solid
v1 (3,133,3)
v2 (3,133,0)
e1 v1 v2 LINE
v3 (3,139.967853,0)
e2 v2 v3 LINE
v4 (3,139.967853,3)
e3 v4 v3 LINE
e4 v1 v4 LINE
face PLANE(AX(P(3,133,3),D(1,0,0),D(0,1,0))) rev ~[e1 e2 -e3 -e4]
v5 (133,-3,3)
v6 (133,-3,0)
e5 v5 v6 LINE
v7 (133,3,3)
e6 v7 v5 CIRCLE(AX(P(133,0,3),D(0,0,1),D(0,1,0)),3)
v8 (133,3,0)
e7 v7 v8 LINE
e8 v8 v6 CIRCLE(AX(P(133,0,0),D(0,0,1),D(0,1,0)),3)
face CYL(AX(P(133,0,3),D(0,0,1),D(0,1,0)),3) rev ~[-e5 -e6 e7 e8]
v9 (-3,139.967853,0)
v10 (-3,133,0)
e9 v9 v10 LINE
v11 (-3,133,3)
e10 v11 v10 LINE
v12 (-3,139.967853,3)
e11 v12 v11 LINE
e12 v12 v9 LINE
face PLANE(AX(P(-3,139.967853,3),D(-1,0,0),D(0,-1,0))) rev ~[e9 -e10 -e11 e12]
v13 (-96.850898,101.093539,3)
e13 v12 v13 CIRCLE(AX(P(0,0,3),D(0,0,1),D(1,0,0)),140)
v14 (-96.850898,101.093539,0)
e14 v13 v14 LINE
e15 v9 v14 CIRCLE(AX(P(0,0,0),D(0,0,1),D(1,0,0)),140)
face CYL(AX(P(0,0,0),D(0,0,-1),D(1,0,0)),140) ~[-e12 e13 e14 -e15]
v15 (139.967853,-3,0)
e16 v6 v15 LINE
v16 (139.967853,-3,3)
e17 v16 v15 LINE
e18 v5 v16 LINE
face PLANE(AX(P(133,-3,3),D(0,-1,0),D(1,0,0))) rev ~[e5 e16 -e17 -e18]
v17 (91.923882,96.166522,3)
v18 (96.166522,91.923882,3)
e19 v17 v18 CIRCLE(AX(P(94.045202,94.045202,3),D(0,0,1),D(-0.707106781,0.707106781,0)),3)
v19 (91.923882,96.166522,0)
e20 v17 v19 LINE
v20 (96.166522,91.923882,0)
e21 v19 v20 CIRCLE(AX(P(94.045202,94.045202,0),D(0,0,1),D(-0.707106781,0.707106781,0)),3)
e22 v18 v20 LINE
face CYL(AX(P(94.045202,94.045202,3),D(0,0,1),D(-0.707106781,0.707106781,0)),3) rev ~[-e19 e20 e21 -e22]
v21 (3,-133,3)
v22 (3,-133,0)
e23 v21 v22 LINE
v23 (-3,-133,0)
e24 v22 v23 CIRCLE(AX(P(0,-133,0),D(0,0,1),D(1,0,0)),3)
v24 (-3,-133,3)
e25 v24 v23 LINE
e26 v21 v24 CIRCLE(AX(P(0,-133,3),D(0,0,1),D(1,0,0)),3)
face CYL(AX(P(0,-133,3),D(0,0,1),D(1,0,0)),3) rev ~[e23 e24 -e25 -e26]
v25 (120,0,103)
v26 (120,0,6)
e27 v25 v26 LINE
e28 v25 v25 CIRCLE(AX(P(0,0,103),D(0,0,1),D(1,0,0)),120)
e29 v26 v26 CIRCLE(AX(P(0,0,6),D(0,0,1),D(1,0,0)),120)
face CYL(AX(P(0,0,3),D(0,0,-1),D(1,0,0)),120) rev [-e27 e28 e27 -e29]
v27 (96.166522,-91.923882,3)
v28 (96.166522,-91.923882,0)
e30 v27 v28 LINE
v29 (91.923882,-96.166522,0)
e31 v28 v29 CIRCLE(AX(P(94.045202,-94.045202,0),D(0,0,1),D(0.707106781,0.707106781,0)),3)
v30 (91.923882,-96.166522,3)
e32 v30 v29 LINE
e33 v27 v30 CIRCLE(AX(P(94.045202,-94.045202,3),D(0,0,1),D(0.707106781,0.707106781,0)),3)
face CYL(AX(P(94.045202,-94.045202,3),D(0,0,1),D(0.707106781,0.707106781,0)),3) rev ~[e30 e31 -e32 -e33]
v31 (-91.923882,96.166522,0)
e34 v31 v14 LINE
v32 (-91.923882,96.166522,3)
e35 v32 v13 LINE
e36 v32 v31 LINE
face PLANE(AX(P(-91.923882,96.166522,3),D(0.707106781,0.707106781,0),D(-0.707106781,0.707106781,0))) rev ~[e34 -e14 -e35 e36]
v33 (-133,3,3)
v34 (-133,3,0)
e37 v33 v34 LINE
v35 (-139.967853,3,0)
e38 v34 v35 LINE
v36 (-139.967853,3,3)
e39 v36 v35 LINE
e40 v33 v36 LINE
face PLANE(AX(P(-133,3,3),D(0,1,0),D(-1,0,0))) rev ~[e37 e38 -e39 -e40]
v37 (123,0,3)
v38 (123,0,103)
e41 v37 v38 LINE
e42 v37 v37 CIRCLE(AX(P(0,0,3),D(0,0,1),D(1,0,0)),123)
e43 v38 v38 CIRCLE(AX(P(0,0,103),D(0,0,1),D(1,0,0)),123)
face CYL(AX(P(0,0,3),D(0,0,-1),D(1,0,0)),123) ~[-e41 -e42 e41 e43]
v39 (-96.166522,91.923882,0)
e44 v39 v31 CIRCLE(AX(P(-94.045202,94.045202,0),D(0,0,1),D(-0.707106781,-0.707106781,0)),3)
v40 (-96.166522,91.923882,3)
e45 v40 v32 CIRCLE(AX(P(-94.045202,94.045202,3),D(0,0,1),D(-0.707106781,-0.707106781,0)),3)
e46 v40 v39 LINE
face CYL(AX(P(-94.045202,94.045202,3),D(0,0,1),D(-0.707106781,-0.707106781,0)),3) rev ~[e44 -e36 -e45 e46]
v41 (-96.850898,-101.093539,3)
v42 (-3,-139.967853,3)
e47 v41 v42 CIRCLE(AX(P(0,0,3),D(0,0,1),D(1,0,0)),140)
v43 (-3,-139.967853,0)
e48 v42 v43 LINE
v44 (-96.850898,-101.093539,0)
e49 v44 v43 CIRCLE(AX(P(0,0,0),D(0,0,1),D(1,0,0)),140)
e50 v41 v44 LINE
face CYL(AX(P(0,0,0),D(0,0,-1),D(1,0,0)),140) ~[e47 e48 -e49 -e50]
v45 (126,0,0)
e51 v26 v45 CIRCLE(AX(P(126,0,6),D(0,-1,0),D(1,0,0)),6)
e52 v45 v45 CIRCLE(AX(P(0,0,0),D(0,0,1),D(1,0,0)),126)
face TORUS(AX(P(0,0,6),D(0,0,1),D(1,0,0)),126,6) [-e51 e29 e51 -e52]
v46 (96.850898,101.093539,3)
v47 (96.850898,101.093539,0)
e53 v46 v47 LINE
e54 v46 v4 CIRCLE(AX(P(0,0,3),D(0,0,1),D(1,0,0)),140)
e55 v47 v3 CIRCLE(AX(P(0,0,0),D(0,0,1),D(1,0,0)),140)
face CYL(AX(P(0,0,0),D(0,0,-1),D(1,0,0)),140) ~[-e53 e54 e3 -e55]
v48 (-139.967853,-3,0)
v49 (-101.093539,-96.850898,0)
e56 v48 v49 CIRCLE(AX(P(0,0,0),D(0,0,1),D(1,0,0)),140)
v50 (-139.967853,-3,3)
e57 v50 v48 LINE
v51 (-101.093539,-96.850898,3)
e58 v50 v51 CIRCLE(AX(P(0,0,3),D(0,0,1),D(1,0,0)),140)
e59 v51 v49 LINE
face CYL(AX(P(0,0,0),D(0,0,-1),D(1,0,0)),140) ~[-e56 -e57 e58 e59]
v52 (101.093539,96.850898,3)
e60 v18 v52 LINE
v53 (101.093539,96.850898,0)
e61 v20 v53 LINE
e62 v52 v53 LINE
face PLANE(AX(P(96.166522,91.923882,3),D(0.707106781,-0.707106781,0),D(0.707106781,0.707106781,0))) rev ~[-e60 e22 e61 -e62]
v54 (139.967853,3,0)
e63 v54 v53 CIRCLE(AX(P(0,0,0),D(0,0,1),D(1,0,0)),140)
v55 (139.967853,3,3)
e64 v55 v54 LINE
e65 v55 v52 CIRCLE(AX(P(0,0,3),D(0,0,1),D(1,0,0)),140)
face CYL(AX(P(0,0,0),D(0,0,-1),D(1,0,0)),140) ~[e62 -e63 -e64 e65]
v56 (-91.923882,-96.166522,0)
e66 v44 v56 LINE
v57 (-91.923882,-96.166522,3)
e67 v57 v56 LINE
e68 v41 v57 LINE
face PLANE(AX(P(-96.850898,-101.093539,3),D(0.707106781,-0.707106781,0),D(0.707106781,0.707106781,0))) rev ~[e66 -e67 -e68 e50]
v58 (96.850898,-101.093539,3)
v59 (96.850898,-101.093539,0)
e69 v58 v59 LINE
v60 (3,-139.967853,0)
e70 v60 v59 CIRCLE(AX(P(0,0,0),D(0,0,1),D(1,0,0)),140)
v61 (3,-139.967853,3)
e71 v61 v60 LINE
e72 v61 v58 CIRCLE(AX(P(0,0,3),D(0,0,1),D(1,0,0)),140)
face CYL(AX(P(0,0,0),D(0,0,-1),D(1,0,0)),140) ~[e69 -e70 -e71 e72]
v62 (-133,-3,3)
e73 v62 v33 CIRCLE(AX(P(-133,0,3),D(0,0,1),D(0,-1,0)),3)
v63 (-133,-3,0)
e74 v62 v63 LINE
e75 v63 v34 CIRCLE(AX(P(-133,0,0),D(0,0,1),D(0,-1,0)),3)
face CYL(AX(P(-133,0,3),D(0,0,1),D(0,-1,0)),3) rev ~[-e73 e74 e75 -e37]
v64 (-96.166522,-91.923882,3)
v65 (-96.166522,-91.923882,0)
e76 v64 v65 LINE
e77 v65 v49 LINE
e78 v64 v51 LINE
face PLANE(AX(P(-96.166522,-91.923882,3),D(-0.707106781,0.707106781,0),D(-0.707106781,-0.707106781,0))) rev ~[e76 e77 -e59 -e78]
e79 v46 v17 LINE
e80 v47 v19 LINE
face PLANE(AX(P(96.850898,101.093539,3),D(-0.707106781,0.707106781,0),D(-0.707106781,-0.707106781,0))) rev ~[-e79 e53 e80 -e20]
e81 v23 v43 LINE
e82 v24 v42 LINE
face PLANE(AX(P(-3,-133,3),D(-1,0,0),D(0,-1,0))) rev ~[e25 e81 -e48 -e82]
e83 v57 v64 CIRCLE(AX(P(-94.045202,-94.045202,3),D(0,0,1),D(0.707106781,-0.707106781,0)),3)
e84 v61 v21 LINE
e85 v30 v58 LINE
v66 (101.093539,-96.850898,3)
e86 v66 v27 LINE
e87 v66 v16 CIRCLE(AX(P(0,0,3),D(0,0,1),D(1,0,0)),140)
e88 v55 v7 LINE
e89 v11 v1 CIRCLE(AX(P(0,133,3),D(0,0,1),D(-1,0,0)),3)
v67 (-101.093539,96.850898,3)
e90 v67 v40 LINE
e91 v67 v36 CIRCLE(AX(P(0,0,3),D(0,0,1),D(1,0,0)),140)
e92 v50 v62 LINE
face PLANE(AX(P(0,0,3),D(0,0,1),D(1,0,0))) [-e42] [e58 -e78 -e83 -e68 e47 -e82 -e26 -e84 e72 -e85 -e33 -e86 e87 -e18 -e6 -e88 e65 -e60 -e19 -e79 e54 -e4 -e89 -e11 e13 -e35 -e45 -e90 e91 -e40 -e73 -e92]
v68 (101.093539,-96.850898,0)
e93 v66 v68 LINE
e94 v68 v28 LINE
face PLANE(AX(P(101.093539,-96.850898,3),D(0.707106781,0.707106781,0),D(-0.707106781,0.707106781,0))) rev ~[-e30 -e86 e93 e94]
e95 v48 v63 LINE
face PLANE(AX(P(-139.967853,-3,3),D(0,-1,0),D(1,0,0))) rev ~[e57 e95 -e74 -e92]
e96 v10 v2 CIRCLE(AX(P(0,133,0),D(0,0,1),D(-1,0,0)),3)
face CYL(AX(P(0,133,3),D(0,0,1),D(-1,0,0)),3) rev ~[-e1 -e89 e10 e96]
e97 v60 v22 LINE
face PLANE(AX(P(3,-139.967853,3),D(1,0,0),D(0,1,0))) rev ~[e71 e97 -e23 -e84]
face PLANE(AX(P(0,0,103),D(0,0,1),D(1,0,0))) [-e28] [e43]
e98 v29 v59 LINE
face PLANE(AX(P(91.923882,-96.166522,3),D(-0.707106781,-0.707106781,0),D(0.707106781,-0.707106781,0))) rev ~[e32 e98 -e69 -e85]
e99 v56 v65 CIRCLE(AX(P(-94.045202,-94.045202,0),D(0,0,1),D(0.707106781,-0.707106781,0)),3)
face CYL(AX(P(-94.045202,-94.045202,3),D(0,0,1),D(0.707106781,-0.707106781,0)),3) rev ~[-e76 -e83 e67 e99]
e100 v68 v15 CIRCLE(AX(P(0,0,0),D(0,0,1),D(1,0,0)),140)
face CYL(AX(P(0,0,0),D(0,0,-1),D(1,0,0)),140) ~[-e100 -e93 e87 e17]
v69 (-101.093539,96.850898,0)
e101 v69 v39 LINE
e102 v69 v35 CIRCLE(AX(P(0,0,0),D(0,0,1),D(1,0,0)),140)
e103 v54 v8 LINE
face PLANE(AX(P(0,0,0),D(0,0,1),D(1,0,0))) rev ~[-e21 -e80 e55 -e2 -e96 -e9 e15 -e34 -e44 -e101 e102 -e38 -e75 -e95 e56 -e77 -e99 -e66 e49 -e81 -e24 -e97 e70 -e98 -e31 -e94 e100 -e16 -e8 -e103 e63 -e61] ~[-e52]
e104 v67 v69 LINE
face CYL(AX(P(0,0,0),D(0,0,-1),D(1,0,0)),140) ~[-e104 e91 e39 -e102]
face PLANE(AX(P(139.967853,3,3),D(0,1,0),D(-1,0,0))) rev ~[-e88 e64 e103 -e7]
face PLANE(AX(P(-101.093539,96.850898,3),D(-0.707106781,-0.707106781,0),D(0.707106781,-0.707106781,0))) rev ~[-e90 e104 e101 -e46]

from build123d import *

# Parameters (mm, degrees)
F0_R     = 140
F0_R_2   = 120
F1_DEPTH = 3
F2_R     = 123
F2_R_2   = 120
F3_DEPTH = 100
F4_R     = 6
F6_DEPTH = 3.0010001


with BuildPart() as f1:
    # F0 (on Top) → F1 (new body)
    with BuildSketch(Plane.XY):
        Circle(F0_R)
        Circle(F0_R_2, mode=Mode.SUBTRACT)
    extrude(amount=F1_DEPTH)

    # F2 (on face) → F3 (join)
    with BuildSketch(Plane.XY.offset(3)):
        Circle(F2_R)
        Circle(F2_R_2, mode=Mode.SUBTRACT)
    extrude(amount=F3_DEPTH)

    # F4
    f4_edges = [f1.edges().sort_by_distance(p)[0] for p in [
        (-120, 0, 0),
    ]]
    fillet(f4_edges, radius=F4_R)

    # F5 (on face) → F6 (cut, through all)
    with BuildSketch(Plane.XY.offset(3)):
        with BuildLine():
            ThreePointArc((-101.0935386677, -96.8508979806), (-98.9949493661, -98.9949493661), (-96.8508979806, -101.0935386677))
            Line((-96.8508979806, -101.0935386677), (-91.9238815543, -96.1665222414))
            ThreePointArc((-91.9238815543, -96.1665222414), (-91.9238815543, -91.9238815543), (-96.1665222414, -91.9238815543))
            Line((-96.1665222414, -91.9238815543), (-101.0935386677, -96.8508979806))
        make_face()
        with BuildLine():
            ThreePointArc((0, -140), (1.5000861142, -139.9919631324), (3, -139.9678534521))
            Line((3, -139.9678534521), (3, -133))
            ThreePointArc((3, -133), (0, -130), (-3, -133))
            Line((-3, -133), (-3, -139.9678534521))
            ThreePointArc((-3, -139.9678534521), (-1.5000861142, -139.9919631324), (0, -140))
        make_face()
        with BuildLine():
            Line((-133, 3), (-139.9678534521, 3))
            ThreePointArc((-139.9678534521, 3), (-140, 0), (-139.9678534521, -3))
            Line((-139.9678534521, -3), (-133, -3))
            ThreePointArc((-133, -3), (-130, 0), (-133, 3))
        make_face()
        with BuildLine():
            Line((-91.9238815543, 96.1665222414), (-96.8508979806, 101.0935386677))
            ThreePointArc((-96.8508979806, 101.0935386677), (-98.9949493661, 98.9949493661), (-101.0935386677, 96.8508979806))
            Line((-101.0935386677, 96.8508979806), (-96.1665222414, 91.9238815543))
            ThreePointArc((-96.1665222414, 91.9238815543), (-91.9238815543, 91.9238815543), (-91.9238815543, 96.1665222414))
        make_face()
        with BuildLine():
            Line((3, 133), (3, 139.9678534521))
            ThreePointArc((3, 139.9678534521), (0, 140), (-3, 139.9678534521))
            Line((-3, 139.9678534521), (-3, 133))
            ThreePointArc((-3, 133), (0, 130), (3, 133))
        make_face()
        with BuildLine():
            ThreePointArc((96.8508979806, -101.0935386677), (98.9949493661, -98.9949493661), (101.0935386677, -96.8508979806))
            Line((101.0935386677, -96.8508979806), (96.1665222414, -91.9238815543))
            ThreePointArc((96.1665222414, -91.9238815543), (91.9238815543, -91.9238815543), (91.9238815543, -96.1665222414))
            Line((91.9238815543, -96.1665222414), (96.8508979806, -101.0935386677))
        make_face()
        with BuildLine():
            ThreePointArc((139.9678534521, -3), (139.9919631324, -1.5000861142), (140, 0))
            ThreePointArc((140, 0), (139.9919631324, 1.5000861142), (139.9678534521, 3))
            Line((139.9678534521, 3), (133, 3))
            ThreePointArc((133, 3), (130, 0), (133, -3))
            Line((133, -3), (139.9678534521, -3))
        make_face()
        with BuildLine():
            Line((96.1665222414, 91.9238815543), (101.0935386677, 96.8508979806))
            ThreePointArc((101.0935386677, 96.8508979806), (98.9949493661, 98.9949493661), (96.8508979806, 101.0935386677))
            Line((96.8508979806, 101.0935386677), (91.9238815543, 96.1665222414))
            ThreePointArc((91.9238815543, 96.1665222414), (91.9238815543, 91.9238815543), (96.1665222414, 91.9238815543))
        make_face()
    extrude(amount=-F6_DEPTH, mode=Mode.SUBTRACT)


solid = f1.part
